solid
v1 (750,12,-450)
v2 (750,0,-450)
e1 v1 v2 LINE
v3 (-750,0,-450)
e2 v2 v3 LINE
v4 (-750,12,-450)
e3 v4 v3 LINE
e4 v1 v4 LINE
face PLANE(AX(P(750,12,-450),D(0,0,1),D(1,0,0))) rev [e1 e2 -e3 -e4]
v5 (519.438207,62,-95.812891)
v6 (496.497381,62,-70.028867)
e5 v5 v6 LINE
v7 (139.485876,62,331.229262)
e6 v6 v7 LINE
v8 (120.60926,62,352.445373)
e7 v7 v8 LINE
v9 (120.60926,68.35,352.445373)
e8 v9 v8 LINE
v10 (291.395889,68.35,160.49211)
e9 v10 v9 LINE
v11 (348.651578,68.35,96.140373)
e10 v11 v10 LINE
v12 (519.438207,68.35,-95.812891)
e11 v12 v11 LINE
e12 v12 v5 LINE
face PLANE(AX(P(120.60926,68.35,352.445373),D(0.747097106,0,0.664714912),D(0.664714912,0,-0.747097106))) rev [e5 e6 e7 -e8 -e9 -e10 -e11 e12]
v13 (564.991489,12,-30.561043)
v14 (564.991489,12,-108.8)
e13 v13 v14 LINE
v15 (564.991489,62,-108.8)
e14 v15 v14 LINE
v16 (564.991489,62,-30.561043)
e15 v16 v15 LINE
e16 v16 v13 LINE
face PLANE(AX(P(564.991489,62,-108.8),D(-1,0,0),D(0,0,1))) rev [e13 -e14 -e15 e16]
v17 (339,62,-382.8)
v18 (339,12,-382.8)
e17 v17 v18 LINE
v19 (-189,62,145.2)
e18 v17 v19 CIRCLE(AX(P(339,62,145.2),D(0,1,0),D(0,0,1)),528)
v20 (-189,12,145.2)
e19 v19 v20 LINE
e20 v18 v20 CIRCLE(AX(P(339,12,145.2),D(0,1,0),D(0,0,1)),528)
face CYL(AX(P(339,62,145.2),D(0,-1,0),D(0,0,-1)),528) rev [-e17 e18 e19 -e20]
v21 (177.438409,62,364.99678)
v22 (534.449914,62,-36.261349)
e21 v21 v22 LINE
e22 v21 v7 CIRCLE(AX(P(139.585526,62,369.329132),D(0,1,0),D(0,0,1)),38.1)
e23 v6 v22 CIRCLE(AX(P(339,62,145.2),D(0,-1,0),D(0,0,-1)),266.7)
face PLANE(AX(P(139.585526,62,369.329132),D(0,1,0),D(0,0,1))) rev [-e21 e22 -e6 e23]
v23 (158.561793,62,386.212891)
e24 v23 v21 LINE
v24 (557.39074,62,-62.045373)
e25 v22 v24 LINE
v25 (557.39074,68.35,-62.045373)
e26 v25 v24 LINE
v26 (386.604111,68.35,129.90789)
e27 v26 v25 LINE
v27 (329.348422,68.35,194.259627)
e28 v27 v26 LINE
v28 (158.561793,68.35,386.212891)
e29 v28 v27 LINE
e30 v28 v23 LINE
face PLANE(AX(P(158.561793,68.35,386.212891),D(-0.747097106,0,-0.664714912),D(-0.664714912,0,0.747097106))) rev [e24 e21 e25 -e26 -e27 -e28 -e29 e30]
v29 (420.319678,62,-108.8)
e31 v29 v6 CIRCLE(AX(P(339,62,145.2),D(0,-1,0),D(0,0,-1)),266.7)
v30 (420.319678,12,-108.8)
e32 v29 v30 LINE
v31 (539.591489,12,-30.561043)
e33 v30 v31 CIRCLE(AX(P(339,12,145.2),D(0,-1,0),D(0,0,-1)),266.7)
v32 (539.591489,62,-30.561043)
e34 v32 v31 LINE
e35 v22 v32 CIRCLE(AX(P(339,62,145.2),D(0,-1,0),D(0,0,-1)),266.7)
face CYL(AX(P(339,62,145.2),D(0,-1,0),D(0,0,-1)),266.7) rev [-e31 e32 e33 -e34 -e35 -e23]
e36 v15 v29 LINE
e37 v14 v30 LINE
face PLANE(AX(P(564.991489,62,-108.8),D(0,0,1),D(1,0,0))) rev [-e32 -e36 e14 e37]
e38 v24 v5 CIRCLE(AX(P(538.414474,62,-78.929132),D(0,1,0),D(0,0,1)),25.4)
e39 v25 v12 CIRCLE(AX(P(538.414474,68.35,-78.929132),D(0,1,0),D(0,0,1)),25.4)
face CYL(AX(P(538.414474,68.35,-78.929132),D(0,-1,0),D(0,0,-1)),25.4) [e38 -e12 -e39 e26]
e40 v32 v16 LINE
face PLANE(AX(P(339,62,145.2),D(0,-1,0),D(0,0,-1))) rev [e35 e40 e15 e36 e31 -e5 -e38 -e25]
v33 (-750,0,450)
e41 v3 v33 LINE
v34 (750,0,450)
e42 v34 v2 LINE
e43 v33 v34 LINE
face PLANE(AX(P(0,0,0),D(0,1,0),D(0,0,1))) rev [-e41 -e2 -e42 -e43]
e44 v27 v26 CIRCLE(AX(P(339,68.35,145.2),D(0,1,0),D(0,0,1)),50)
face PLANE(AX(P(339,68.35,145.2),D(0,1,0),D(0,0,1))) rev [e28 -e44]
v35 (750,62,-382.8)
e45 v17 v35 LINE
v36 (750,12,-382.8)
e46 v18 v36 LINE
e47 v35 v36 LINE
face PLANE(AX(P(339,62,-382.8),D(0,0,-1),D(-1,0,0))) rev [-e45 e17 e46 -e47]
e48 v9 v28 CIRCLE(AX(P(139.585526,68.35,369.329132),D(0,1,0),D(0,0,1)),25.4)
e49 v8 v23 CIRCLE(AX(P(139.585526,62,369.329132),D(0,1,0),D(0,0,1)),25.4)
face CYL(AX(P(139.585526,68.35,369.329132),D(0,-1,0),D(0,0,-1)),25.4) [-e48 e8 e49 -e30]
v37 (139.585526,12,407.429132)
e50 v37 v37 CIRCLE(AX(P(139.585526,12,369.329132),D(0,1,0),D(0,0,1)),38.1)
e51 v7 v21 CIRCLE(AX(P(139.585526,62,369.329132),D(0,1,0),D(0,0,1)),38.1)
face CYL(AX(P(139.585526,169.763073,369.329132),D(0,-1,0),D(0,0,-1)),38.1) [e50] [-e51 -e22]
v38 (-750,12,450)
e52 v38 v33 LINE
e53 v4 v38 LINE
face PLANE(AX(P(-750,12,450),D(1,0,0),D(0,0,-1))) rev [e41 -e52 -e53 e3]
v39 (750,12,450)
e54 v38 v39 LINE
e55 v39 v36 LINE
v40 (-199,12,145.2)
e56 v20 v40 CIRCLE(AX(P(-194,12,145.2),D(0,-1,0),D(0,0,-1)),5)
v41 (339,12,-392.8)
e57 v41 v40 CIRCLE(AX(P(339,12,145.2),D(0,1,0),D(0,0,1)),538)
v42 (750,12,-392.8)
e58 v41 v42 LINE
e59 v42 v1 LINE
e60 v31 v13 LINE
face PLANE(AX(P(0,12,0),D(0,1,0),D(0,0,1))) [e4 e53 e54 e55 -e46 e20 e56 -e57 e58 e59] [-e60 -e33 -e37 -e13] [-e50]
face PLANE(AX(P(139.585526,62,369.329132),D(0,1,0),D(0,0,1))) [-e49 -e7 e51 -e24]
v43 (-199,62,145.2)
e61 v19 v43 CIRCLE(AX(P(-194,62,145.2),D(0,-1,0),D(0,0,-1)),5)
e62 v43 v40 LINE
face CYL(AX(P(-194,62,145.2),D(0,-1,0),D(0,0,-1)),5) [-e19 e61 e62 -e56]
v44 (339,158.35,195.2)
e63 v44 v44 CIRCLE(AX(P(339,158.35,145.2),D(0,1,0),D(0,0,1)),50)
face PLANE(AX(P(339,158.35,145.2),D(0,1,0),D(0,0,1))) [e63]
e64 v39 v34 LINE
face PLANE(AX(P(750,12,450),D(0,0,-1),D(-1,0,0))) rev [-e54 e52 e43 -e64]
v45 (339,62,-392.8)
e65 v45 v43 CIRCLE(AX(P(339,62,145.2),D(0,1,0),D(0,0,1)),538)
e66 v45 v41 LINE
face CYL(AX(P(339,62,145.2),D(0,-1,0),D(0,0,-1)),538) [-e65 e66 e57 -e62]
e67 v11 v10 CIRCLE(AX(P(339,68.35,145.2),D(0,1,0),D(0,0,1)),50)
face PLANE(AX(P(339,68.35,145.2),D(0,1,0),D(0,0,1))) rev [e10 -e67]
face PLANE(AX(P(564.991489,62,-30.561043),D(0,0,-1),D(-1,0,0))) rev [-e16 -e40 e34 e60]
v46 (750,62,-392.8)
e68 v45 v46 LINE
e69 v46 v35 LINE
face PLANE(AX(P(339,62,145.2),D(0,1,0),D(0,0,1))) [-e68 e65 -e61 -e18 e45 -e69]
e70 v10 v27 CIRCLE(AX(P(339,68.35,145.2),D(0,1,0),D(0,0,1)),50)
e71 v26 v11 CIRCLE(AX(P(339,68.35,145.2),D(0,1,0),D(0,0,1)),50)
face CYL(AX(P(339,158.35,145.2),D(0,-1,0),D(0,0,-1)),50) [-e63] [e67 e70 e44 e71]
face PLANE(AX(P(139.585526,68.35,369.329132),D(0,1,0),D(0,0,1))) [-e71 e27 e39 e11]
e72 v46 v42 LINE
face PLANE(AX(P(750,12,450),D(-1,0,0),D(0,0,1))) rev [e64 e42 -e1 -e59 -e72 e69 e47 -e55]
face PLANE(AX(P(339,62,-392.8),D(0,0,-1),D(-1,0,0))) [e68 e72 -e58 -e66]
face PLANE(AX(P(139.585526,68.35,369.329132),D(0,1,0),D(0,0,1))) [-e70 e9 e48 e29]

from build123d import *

# Parameters (mm, degrees)
SKETCH1_W           = 1500
SKETCH1_H           = 900
BOSS_EXTRUDE1_DEPTH = 12
BOSS_EXTRUDE2_DEPTH = 50
BOSS_EXTRUDE3_DEPTH = 50
BOSS_EXTRUDE4_DEPTH = 6.35
SKETCH5_R           = 38.1
BOSS_EXTRUDE5_DEPTH = 50
SKETCH6_R           = 50
BOSS_EXTRUDE6_DEPTH = 90


with BuildPart() as part:
    # Sketch1 → Boss-Extrude1 (new body)
    with BuildSketch(Plane(origin=(0, 0, 0), x_dir=(1, 0, 0), z_dir=(0, 1, 0))):
        Rectangle(SKETCH1_W, SKETCH1_H)
    extrude(amount=BOSS_EXTRUDE1_DEPTH)

    # Sketch2 → Boss-Extrude2 (add)
    with BuildSketch(Plane(origin=(0, 12, 0), x_dir=(1, 0, 0), z_dir=(0, 1, 0))):
        with BuildLine():
            Line((339, 382.8), (750, 382.8))
            Line((750, 382.8), (750, 392.8))
            Line((750, 392.8), (339, 392.8))
            ThreePointArc((339, 392.8), (-41.423448278, 235.223448278), (-199, -145.2))
            ThreePointArc((-199, -145.2), (-194, -150.2), (-189, -145.2))
            ThreePointArc((-189, -145.2), (-34.352380466, 228.152380466), (339, 382.8))
        make_face()
    extrude(amount=BOSS_EXTRUDE2_DEPTH)

    # Sketch3 → Boss-Extrude3 (add)
    with BuildSketch(Plane(origin=(0, 12, 0), x_dir=(1, 0, 0), z_dir=(0, 1, 0))):
        with BuildLine():
            Line((564.991489323, 108.8), (420.319677815, 108.8))
            ThreePointArc((420.319677815, 108.8), (485.283321394, 77.802421247), (539.591489323, 30.561043498))
            Line((539.591489323, 30.561043498), (564.991489323, 30.561043498))
            Line((564.991489323, 30.561043498), (564.991489323, 108.8))
        make_face()
    extrude(amount=BOSS_EXTRUDE3_DEPTH)

    # Sketch4 → Boss-Extrude4 (add)
    with BuildSketch(Plane(origin=(0, 62, 0), x_dir=(1, 0, 0), z_dir=(0, 1, 0))):
        with BuildLine():
            Line((120.609259907, -352.445373029), (519.438207109, 95.812890558))
            ThreePointArc((519.438207109, 95.812890558), (555.298232366, 97.905398285), (557.390740093, 62.045373029))
            Line((557.390740093, 62.045373029), (158.561792891, -386.212890558))
            ThreePointArc((158.561792891, -386.212890558), (122.701767634, -388.305398285), (120.609259907, -352.445373029))
        make_face()
    extrude(amount=BOSS_EXTRUDE4_DEPTH)

    # Sketch5 → Boss-Extrude5 (add)
    with BuildSketch(Plane(origin=(0, 12, 0), x_dir=(1, 0, 0), z_dir=(0, 1, 0))):
        with Locations(Location((139.585526399, -369.329131794, 0), (0, 0, 90.149856959))):
            Circle(SKETCH5_R)
    extrude(amount=BOSS_EXTRUDE5_DEPTH)

    # Sketch6 → Boss-Extrude6 (add)
    with BuildSketch(Plane(origin=(0, 68.35, 0), x_dir=(1, 0, 0), z_dir=(0, 1, 0))):
        with Locations(Location((339, -145.2, 0), (0, 0, 78.870244402))):
            Circle(SKETCH6_R)
    extrude(amount=BOSS_EXTRUDE6_DEPTH)


solid = part.part
